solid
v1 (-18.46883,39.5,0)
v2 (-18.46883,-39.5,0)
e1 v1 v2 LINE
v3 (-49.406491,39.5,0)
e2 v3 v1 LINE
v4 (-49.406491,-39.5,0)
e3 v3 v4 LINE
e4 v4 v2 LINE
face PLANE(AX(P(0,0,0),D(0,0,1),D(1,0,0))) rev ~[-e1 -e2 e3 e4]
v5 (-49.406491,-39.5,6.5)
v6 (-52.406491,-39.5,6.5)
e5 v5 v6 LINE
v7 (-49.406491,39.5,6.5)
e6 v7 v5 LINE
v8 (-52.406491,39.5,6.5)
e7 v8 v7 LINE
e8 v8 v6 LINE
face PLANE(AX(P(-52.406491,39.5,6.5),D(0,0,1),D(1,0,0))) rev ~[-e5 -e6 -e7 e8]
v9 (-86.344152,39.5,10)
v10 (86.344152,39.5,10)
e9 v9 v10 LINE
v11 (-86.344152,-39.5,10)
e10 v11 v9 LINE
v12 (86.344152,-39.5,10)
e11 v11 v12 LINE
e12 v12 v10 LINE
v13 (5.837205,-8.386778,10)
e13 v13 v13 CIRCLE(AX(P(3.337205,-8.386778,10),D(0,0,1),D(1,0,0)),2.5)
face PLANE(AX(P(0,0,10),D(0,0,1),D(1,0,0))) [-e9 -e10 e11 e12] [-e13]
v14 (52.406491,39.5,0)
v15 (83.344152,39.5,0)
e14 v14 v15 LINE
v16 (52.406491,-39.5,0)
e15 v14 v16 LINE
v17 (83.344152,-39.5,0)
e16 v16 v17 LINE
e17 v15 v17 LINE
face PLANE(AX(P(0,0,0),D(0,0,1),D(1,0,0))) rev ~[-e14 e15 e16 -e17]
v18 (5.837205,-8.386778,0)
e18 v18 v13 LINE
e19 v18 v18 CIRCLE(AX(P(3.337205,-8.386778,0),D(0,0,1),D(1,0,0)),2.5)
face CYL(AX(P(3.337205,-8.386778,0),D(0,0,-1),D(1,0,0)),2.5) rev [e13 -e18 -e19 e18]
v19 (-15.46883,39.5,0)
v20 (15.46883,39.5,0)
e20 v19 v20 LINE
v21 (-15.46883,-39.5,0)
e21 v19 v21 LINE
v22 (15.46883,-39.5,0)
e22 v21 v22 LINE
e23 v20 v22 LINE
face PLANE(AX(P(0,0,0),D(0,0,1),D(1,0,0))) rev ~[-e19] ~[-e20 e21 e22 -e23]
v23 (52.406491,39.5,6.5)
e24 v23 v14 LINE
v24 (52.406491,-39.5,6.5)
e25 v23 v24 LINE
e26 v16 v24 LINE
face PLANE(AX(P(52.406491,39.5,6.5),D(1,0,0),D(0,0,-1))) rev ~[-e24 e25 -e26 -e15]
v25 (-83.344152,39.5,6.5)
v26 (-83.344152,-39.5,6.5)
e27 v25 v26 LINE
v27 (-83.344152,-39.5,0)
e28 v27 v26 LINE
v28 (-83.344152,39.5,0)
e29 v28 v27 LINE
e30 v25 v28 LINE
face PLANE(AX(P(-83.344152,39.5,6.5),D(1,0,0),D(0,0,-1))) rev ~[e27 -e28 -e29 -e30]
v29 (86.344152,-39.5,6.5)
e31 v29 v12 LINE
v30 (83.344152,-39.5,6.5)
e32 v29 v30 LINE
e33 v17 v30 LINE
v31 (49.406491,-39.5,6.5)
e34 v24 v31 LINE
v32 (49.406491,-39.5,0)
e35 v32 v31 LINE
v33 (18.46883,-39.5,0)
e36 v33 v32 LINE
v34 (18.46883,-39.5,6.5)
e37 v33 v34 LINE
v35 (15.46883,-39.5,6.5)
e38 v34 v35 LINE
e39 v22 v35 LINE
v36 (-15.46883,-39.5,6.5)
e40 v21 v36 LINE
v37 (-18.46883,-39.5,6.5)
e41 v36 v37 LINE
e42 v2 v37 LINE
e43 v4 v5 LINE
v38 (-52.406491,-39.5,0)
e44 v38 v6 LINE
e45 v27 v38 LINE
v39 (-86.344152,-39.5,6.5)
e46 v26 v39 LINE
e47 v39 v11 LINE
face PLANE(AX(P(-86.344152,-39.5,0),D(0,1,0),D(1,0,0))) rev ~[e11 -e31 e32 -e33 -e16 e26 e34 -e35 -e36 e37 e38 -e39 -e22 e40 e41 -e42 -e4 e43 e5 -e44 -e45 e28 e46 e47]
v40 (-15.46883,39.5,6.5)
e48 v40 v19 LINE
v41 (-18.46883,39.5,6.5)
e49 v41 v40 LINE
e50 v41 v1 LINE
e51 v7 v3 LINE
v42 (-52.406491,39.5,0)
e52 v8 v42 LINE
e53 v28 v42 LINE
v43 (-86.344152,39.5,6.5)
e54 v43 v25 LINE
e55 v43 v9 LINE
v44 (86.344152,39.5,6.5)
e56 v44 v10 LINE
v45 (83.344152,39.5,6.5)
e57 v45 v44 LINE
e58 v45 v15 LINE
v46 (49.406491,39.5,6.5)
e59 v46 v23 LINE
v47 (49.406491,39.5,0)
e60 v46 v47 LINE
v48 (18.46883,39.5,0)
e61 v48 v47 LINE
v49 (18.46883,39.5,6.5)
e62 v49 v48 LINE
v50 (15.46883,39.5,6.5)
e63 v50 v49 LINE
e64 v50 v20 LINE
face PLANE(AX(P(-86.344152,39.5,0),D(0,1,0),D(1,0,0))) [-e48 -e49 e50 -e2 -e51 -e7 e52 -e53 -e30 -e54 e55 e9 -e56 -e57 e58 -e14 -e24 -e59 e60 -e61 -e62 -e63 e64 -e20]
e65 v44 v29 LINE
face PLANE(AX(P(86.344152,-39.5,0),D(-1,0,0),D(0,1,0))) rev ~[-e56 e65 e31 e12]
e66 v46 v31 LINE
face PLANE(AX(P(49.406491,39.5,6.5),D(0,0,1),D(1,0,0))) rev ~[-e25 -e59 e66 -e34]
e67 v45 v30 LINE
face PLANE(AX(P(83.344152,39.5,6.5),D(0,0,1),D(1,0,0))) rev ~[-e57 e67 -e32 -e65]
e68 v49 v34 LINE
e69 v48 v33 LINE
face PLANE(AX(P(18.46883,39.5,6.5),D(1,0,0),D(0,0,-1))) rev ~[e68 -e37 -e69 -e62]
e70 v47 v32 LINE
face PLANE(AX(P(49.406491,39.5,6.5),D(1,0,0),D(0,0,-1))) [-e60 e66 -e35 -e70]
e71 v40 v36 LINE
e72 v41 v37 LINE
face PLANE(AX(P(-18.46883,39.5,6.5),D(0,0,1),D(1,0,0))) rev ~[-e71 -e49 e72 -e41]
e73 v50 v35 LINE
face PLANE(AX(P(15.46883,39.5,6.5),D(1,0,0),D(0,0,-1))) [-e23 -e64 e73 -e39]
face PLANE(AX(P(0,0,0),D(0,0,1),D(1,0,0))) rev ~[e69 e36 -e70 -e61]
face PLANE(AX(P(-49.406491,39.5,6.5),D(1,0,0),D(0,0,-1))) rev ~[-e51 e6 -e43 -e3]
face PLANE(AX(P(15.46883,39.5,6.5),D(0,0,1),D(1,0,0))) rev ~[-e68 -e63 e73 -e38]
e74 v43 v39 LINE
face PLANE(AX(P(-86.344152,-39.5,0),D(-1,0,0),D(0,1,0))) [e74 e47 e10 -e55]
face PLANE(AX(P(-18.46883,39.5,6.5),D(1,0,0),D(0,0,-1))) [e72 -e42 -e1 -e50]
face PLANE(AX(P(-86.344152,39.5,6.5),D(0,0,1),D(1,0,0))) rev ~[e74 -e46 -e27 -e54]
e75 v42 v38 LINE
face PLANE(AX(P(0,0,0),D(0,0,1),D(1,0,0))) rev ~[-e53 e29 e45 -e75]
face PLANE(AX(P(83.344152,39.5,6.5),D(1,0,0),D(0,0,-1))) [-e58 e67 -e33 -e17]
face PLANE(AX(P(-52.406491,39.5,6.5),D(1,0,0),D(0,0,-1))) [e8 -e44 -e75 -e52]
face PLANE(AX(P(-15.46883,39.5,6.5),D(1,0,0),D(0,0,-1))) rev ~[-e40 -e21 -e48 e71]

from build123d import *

# Parameters (mm, degrees)
SKETCH1_W           = 172.688303012
SKETCH1_H           = 79
SKETCH1_R           = 2.5
BOSS_EXTRUDE1_DEPTH = 10
CUT_EXTRUDE1_REACH  = 81
SKETCH2_W           = 3
SKETCH2_H           = 6.5


with BuildPart() as part:
    # Sketch1 → Boss-Extrude1 (new body)
    with BuildSketch(Plane.XY):
        Rectangle(SKETCH1_W, SKETCH1_H)
        with Locations((3.337204705, -8.386778216)):
            Circle(SKETCH1_R, mode=Mode.SUBTRACT)
    extrude(amount=BOSS_EXTRUDE1_DEPTH)

    # Sketch2 → Cut-Extrude1 (cut, up to next)
    with BuildSketch(Plane(origin=(0, 39.5, 0), x_dir=(1, 0, 0), z_dir=(0, 1, 0)), mode=Mode.PRIVATE) as cut_extrude1_sk1:
        with Locations((84.844151506, -3.25)):
            Rectangle(SKETCH2_W, SKETCH2_H)
    cut_extrude1_tool1 = extrude(cut_extrude1_sk1.sketch, amount=-CUT_EXTRUDE1_REACH, mode=Mode.PRIVATE) & part.part
    add(cut_extrude1_tool1.solids().sort_by_distance((84.844152, 39.5, 3.25))[0], mode=Mode.SUBTRACT)
    # Sketch2 → Cut-Extrude1 (cut, up to next)
    with BuildSketch(Plane(origin=(0, 39.5, 0), x_dir=(1, 0, 0), z_dir=(0, 1, 0)), mode=Mode.PRIVATE) as cut_extrude1_sk2:
        with Locations((50.906490903, -3.25)):
            Rectangle(SKETCH2_W, SKETCH2_H)
    cut_extrude1_tool2 = extrude(cut_extrude1_sk2.sketch, amount=-CUT_EXTRUDE1_REACH, mode=Mode.PRIVATE) & part.part
    add(cut_extrude1_tool2.solids().sort_by_distance((50.906491, 39.5, 3.25))[0], mode=Mode.SUBTRACT)
    # Sketch2 → Cut-Extrude1 (cut, up to next)
    with BuildSketch(Plane(origin=(0, 39.5, 0), x_dir=(1, 0, 0), z_dir=(0, 1, 0)), mode=Mode.PRIVATE) as cut_extrude1_sk3:
        with Locations((16.968830301, -3.25)):
            Rectangle(SKETCH2_W, SKETCH2_H)
    cut_extrude1_tool3 = extrude(cut_extrude1_sk3.sketch, amount=-CUT_EXTRUDE1_REACH, mode=Mode.PRIVATE) & part.part
    add(cut_extrude1_tool3.solids().sort_by_distance((16.96883, 39.5, 3.25))[0], mode=Mode.SUBTRACT)
    # Sketch2 → Cut-Extrude1 (cut, up to next)
    with BuildSketch(Plane(origin=(0, 39.5, 0), x_dir=(1, 0, 0), z_dir=(0, 1, 0)), mode=Mode.PRIVATE) as cut_extrude1_sk4:
        with Locations((-16.968830301, -3.25)):
            Rectangle(SKETCH2_W, SKETCH2_H)
    cut_extrude1_tool4 = extrude(cut_extrude1_sk4.sketch, amount=-CUT_EXTRUDE1_REACH, mode=Mode.PRIVATE) & part.part
    add(cut_extrude1_tool4.solids().sort_by_distance((-16.96883, 39.5, 3.25))[0], mode=Mode.SUBTRACT)
    # Sketch2 → Cut-Extrude1 (cut, up to next)
    with BuildSketch(Plane(origin=(0, 39.5, 0), x_dir=(1, 0, 0), z_dir=(0, 1, 0)), mode=Mode.PRIVATE) as cut_extrude1_sk5:
        with Locations((-50.906490903, -3.25)):
            Rectangle(SKETCH2_W, SKETCH2_H)
    cut_extrude1_tool5 = extrude(cut_extrude1_sk5.sketch, amount=-CUT_EXTRUDE1_REACH, mode=Mode.PRIVATE) & part.part
    add(cut_extrude1_tool5.solids().sort_by_distance((-50.906491, 39.5, 3.25))[0], mode=Mode.SUBTRACT)
    # Sketch2 → Cut-Extrude1 (cut, up to next)
    with BuildSketch(Plane(origin=(0, 39.5, 0), x_dir=(1, 0, 0), z_dir=(0, 1, 0)), mode=Mode.PRIVATE) as cut_extrude1_sk6:
        with Locations((-84.844151506, -3.25)):
            Rectangle(SKETCH2_W, SKETCH2_H)
    cut_extrude1_tool6 = extrude(cut_extrude1_sk6.sketch, amount=-CUT_EXTRUDE1_REACH, mode=Mode.PRIVATE) & part.part
    add(cut_extrude1_tool6.solids().sort_by_distance((-84.844152, 39.5, 3.25))[0], mode=Mode.SUBTRACT)


solid = part.part
